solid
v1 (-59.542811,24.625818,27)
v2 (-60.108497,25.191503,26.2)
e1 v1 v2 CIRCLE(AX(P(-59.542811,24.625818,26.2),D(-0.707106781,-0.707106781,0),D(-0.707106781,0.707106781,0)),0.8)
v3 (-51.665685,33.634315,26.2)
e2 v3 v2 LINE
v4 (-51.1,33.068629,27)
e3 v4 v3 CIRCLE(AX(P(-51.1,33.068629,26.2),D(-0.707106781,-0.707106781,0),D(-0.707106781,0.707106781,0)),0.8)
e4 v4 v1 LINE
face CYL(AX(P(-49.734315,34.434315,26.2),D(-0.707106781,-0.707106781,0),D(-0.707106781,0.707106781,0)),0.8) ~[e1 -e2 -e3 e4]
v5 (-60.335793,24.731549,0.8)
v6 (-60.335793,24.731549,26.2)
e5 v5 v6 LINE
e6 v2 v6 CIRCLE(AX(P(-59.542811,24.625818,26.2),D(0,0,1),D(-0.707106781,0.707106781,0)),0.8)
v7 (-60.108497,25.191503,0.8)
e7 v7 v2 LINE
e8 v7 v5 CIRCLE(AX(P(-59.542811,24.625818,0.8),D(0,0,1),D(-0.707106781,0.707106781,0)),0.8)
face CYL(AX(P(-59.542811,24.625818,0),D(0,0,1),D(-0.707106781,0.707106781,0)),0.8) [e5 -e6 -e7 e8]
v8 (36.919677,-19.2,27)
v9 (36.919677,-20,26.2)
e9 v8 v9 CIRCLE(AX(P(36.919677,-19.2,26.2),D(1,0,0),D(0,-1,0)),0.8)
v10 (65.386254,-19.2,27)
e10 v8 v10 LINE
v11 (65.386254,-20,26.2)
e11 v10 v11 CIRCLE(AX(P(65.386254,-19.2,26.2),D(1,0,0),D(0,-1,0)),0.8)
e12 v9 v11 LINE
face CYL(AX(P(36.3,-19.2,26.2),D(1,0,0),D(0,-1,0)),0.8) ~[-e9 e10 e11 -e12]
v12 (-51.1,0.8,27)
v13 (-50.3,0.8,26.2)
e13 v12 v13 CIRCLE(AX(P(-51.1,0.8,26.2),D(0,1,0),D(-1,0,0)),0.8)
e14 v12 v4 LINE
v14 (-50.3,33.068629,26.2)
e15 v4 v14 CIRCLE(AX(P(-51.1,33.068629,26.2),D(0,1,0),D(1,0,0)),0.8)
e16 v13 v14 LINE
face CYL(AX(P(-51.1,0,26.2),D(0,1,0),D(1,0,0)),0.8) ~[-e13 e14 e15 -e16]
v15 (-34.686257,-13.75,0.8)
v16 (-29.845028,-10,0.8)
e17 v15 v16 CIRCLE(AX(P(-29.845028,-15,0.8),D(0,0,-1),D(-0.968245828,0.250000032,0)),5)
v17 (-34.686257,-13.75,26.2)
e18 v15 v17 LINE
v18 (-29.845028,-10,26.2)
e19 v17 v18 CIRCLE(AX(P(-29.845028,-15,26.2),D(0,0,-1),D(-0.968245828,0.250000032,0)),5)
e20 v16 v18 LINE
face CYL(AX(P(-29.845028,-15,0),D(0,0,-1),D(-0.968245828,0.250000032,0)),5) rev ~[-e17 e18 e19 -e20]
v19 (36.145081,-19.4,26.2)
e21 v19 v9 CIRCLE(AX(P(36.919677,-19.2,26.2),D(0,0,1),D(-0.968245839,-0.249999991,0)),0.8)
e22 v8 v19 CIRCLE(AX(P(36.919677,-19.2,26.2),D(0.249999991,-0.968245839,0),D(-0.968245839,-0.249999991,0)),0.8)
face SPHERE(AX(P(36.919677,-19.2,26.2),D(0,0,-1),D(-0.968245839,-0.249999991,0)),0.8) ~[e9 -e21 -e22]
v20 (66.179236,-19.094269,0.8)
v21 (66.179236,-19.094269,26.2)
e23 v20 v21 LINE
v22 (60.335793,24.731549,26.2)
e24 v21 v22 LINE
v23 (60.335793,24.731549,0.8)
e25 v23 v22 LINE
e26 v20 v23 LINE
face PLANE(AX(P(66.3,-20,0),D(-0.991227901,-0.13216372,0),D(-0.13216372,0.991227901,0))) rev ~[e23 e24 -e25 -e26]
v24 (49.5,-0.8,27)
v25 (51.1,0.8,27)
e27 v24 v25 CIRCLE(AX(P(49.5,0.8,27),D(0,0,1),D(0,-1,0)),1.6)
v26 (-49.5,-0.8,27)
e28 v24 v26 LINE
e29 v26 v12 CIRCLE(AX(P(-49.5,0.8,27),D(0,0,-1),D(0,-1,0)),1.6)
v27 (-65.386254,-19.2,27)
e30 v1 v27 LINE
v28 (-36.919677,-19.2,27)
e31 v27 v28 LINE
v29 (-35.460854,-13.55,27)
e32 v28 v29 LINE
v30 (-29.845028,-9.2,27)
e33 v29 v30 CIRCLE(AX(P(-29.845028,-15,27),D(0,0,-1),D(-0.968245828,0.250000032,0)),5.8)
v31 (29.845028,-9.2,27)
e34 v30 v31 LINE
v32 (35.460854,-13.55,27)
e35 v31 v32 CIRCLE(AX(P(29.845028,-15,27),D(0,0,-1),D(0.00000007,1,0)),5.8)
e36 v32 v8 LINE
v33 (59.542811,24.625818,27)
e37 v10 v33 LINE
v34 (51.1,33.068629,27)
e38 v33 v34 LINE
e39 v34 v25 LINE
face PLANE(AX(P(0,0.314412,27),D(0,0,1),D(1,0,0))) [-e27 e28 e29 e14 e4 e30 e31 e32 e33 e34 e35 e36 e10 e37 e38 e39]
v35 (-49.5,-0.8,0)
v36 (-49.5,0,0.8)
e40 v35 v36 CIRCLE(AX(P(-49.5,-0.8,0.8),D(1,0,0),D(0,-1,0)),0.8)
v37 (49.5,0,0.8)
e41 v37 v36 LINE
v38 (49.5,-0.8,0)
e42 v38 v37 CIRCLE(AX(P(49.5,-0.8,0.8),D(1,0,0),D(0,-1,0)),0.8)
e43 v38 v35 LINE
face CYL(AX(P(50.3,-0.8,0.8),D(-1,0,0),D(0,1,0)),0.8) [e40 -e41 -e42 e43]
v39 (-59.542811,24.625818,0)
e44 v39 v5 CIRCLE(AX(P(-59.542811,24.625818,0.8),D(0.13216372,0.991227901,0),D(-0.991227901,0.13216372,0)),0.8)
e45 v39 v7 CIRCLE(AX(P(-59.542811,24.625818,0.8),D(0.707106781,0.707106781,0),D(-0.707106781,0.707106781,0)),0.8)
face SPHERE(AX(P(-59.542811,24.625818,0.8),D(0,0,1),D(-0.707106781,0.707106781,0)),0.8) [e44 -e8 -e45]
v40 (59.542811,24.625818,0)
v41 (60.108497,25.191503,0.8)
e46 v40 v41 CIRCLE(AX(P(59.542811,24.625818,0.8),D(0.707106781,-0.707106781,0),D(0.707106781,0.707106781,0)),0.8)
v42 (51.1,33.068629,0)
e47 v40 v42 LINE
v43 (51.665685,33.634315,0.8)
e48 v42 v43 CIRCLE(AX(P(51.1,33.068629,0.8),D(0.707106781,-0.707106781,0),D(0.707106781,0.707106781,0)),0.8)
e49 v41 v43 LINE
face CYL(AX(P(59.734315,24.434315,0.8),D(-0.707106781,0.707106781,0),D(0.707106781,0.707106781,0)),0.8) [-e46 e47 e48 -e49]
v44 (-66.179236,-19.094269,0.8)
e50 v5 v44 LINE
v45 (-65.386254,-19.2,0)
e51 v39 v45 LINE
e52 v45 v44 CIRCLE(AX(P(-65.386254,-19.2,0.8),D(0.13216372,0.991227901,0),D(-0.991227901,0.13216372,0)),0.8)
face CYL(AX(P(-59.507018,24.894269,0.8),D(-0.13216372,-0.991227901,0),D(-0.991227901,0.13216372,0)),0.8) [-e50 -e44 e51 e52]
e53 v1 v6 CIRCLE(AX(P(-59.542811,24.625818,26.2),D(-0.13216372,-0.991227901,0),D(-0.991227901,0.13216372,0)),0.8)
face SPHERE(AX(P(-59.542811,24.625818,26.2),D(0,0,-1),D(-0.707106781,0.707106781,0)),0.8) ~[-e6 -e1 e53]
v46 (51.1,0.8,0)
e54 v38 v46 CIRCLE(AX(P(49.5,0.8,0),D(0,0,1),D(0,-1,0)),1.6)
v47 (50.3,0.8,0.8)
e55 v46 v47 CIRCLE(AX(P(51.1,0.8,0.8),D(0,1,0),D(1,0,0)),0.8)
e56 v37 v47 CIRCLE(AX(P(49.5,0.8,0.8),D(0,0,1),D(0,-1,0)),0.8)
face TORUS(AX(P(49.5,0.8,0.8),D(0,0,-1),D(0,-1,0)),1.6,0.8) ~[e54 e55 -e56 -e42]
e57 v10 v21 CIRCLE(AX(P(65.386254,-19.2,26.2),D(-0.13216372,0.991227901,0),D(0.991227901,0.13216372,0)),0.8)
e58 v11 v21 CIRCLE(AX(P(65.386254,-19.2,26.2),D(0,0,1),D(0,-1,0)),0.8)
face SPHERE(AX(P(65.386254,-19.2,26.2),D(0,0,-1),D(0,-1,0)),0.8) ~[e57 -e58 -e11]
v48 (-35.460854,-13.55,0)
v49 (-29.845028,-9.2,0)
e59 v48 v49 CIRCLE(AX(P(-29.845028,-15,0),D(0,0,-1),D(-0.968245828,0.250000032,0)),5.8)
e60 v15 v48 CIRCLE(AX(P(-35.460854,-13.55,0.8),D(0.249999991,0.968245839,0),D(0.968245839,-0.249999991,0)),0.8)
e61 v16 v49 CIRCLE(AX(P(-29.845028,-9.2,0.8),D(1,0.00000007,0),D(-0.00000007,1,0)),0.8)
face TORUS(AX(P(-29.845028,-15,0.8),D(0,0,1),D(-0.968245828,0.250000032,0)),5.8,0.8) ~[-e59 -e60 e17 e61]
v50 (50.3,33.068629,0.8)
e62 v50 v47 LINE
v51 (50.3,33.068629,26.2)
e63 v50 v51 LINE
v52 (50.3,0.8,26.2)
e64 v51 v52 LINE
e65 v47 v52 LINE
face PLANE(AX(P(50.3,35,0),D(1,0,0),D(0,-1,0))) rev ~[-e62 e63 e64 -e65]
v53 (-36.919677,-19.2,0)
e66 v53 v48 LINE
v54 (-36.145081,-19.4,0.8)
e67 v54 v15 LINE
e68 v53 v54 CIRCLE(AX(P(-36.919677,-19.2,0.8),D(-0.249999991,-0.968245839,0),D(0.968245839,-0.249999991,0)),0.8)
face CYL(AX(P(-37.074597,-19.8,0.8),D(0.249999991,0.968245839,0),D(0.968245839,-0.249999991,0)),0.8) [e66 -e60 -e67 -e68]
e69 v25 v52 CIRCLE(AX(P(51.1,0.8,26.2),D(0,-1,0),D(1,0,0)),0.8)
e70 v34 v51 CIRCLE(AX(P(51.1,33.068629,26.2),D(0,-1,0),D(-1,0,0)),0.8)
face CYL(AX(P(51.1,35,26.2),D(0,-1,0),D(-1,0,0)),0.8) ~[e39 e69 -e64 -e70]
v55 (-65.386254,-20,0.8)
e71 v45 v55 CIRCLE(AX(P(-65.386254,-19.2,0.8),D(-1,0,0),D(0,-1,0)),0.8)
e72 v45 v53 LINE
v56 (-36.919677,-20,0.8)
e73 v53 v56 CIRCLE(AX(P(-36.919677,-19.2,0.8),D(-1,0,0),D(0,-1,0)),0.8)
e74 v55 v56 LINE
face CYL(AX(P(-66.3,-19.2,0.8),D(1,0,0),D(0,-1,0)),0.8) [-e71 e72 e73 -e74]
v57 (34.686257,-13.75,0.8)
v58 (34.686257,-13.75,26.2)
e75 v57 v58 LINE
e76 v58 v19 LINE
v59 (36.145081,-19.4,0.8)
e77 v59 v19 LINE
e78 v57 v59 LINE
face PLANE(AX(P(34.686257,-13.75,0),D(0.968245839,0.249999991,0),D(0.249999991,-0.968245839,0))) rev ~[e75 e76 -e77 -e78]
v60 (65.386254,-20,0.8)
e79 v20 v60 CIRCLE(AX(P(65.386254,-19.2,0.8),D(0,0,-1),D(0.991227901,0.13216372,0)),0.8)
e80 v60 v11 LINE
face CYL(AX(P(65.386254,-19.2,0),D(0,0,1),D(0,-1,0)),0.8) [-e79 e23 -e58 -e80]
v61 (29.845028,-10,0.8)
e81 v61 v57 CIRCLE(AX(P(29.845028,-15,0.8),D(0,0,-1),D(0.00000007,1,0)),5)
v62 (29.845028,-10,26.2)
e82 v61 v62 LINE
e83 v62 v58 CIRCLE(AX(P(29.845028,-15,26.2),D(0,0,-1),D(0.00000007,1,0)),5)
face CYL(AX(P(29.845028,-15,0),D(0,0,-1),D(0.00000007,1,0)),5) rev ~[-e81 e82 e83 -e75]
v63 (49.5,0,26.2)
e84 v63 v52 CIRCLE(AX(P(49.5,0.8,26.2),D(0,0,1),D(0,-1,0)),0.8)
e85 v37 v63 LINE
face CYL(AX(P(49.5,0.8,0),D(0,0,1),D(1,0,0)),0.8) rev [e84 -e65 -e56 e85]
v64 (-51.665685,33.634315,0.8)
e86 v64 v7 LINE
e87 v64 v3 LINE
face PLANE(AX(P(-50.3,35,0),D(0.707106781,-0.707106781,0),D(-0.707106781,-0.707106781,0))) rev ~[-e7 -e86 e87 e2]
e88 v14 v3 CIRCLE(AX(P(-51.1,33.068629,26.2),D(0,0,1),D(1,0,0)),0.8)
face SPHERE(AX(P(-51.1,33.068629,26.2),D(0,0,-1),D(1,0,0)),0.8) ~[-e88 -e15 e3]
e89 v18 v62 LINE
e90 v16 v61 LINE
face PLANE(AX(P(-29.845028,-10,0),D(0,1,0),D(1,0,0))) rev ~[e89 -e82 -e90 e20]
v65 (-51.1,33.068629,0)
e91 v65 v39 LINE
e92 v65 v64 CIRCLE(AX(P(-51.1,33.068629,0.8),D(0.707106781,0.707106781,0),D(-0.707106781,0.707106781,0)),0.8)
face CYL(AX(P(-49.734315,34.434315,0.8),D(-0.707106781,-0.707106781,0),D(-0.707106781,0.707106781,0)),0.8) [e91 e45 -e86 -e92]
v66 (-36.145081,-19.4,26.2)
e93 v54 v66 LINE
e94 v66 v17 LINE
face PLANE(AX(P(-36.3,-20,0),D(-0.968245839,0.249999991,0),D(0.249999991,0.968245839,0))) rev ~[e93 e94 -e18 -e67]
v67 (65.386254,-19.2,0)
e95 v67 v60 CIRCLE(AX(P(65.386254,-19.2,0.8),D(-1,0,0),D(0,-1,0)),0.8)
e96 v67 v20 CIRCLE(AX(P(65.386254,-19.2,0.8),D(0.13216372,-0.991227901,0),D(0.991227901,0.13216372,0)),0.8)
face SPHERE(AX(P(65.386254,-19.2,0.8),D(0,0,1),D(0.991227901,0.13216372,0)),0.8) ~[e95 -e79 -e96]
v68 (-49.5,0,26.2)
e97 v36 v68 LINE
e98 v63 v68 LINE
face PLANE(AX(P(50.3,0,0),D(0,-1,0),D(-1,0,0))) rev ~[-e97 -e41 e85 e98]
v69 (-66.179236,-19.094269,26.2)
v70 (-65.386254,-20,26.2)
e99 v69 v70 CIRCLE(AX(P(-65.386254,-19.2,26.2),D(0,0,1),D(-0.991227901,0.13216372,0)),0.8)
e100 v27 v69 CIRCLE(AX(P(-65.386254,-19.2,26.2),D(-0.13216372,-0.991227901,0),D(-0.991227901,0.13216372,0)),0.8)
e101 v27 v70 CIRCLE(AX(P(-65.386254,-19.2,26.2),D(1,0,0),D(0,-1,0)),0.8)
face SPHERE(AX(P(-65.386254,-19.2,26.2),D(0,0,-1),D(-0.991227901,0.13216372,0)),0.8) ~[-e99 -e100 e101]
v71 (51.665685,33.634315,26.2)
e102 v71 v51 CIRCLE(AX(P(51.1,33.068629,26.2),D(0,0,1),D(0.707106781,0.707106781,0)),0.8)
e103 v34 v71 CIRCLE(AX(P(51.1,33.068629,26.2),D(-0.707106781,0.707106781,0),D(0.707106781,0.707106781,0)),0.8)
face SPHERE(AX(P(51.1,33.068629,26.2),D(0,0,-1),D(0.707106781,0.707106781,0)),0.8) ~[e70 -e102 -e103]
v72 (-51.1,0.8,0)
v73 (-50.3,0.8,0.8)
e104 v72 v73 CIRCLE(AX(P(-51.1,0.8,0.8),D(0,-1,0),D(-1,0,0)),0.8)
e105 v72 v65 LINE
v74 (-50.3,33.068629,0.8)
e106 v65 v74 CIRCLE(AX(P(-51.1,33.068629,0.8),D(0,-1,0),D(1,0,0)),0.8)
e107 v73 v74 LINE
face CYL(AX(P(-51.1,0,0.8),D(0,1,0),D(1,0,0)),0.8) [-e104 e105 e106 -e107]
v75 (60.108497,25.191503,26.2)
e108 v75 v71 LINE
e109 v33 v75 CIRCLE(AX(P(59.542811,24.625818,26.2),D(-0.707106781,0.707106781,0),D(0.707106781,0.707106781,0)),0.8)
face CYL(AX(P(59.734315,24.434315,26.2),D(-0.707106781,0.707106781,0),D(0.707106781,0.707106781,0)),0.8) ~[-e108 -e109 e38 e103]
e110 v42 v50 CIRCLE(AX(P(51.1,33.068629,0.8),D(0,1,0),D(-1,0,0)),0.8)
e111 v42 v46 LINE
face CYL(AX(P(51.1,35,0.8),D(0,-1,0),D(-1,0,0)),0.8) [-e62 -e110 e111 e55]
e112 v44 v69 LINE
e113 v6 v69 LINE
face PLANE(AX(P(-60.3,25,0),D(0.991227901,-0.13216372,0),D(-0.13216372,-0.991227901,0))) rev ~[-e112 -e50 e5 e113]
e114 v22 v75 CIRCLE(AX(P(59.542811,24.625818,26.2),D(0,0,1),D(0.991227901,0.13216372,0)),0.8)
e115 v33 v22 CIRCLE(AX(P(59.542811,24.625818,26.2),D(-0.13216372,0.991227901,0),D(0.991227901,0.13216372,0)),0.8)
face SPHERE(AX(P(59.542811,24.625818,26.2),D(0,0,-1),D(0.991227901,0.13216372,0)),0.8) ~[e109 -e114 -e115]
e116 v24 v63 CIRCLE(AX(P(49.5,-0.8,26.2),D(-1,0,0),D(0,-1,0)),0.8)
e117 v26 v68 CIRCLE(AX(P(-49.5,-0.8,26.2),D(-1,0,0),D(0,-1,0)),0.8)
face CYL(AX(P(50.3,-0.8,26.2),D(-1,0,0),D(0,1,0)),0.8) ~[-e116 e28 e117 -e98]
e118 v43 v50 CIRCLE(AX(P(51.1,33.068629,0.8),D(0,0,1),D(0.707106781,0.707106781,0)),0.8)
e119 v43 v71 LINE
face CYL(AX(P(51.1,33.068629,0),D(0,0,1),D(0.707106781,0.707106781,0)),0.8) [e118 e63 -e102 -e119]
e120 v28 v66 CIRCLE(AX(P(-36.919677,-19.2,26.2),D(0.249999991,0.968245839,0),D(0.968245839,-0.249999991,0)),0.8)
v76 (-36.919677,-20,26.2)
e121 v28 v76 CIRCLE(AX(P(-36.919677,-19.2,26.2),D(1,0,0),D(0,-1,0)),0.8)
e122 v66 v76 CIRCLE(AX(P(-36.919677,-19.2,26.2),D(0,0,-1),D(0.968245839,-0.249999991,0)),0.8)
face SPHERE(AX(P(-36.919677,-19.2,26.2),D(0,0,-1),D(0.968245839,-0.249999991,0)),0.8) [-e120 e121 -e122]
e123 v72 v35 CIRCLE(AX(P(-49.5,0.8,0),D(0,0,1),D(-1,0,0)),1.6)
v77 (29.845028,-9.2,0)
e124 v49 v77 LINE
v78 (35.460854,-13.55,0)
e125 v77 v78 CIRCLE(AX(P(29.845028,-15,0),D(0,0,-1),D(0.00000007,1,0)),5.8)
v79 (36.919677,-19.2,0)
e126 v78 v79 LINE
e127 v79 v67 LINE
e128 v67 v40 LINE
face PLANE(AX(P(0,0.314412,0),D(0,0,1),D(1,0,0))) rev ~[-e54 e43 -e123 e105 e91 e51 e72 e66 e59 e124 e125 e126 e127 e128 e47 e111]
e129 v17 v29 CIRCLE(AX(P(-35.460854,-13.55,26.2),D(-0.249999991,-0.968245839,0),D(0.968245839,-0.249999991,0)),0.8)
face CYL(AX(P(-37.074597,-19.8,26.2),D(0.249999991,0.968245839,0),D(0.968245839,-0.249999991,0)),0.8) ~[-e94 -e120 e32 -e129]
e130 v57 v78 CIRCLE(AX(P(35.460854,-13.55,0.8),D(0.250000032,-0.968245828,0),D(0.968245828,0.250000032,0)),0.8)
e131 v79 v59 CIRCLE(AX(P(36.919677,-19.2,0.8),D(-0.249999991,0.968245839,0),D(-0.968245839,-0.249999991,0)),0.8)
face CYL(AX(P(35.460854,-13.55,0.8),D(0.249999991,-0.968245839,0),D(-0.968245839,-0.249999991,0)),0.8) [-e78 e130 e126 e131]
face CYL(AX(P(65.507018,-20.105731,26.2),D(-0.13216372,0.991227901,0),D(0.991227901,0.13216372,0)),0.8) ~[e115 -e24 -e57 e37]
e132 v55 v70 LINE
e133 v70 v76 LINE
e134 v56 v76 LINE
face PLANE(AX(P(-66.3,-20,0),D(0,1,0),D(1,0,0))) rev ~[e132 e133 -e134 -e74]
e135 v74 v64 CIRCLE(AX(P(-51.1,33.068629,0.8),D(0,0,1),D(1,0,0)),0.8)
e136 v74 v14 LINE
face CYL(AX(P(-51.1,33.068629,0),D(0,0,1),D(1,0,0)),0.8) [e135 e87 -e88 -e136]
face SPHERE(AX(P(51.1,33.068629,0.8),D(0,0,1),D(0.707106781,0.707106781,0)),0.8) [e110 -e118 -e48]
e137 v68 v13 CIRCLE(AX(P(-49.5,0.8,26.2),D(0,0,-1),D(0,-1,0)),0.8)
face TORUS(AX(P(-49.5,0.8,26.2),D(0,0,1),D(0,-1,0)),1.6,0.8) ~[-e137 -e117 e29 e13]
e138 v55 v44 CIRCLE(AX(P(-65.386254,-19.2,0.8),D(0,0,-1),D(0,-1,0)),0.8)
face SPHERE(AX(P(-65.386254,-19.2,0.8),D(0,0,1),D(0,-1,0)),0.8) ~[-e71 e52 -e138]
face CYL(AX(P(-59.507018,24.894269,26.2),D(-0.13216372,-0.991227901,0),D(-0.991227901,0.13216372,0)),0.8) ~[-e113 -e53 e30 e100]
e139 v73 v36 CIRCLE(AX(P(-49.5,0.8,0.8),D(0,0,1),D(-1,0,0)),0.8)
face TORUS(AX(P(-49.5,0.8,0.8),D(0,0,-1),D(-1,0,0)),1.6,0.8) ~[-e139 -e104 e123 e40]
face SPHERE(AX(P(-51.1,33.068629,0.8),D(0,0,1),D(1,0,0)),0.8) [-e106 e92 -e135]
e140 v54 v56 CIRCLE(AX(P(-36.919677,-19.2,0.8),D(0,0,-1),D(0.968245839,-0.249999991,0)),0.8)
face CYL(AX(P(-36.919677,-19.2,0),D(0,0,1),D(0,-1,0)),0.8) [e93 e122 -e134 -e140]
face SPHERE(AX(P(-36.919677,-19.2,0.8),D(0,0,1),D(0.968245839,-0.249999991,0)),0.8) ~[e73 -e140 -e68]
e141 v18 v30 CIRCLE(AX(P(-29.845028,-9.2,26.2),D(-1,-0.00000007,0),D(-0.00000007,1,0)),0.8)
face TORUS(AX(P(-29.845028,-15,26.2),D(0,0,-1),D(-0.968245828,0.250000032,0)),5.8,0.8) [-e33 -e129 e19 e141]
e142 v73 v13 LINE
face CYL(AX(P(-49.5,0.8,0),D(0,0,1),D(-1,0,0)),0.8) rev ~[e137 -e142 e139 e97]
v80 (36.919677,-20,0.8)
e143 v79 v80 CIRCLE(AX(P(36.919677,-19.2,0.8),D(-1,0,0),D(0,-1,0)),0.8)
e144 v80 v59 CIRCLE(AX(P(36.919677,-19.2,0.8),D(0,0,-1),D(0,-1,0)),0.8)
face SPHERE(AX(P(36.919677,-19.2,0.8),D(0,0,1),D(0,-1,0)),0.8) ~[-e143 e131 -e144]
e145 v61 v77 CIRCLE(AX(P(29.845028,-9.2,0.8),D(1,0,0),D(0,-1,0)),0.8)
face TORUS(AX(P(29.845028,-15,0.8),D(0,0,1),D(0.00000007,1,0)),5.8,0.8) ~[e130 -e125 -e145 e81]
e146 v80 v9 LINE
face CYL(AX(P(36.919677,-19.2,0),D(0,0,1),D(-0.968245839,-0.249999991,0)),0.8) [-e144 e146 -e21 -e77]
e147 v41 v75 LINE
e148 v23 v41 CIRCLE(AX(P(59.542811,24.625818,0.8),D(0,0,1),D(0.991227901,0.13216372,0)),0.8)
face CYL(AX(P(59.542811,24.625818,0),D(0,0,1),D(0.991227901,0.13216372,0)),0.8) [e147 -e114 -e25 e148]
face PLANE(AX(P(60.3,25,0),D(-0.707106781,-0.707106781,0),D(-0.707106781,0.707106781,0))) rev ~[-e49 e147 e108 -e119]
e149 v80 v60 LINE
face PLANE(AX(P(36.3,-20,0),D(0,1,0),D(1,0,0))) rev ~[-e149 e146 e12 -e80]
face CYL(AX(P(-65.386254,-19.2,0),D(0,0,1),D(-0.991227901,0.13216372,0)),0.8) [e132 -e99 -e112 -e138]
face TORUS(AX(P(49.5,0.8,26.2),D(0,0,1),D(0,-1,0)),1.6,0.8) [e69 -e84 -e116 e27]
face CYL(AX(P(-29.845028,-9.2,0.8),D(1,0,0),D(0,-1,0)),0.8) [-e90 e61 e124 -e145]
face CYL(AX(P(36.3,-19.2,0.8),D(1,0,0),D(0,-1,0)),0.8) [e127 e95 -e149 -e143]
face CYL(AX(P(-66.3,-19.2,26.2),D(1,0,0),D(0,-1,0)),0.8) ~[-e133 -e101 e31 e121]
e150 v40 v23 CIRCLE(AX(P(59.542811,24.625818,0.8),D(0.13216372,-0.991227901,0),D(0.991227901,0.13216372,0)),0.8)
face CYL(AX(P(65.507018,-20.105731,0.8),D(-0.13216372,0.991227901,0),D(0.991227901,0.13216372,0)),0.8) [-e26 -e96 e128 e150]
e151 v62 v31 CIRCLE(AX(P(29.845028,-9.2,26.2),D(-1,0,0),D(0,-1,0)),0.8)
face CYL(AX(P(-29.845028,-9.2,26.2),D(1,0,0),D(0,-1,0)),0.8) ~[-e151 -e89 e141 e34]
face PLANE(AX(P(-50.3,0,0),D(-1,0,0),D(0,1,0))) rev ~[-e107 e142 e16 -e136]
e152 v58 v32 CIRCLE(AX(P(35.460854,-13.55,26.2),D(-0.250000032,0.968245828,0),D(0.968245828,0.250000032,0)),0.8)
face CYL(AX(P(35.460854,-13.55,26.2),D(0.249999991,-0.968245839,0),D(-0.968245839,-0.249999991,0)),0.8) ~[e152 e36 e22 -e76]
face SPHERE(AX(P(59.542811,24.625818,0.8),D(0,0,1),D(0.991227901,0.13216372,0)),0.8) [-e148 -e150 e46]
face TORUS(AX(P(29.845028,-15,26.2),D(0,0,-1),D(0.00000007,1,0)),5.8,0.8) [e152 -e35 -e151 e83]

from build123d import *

# Parameters (mm, degrees)
F1_DEPTH = 27
F2_R     = 0.8


with BuildPart() as f1:
    # F0 (on Top) → F1 (new body)
    with BuildSketch(Plane.XY):
        with BuildLine():
            Line((-50.3, 0), (-50.3, 35))
            Line((-50.3, 35), (-60.3, 25))
            Line((-60.3, 25), (-66.3, -20))
            Line((-66.3, -20), (-36.3, -20))
            Line((-36.3, -20), (-34.686257, -13.75))
            ThreePointArc((-34.686257, -13.75), (-32.90689, -11.047153), (-29.845028, -10))
            Line((-29.845028, -10), (29.845028, -10))
            ThreePointArc((29.845028, -10), (32.90689, -11.047153), (34.686257, -13.75))
            Line((34.686257, -13.75), (36.3, -20))
            Line((36.3, -20), (66.3, -20))
            Line((66.3, -20), (60.3, 25))
            Line((60.3, 25), (50.3, 35))
            Line((50.3, 35), (50.3, 0))
            Line((50.3, 0), (-50.3, 0))
        make_face()
    extrude(amount=F1_DEPTH)

    # F2
    f2_edges = [f1.edges().sort_by_distance(p)[0] for p in [
        (0, -10, 27),
        (35.493128, -16.875, 27),
        (32.90689, -11.047153, 27),
        (51.3, -20, 27),
        (63.3, 2.5, 27),
        (0, 0, 27),
        (-50.3, 17.5, 27),
        (-55.3, 30, 27),
        (-63.3, 2.5, 27),
        (-51.3, -20, 27),
        (-35.493128, -16.875, 27),
        (-32.90689, -11.047153, 27),
        (55.3, 30, 27),
        (50.3, 17.5, 27),
        (66.3, -20, 13.5),
        (60.3, 25, 13.5),
        (63.3, 2.5, 0),
        (36.3, -20, 13.5),
        (51.3, -20, 0),
        (-36.3, -20, 13.5),
        (-34.686257, -13.75, 13.5),
        (-35.493128, -16.875, 0),
        (-66.3, -20, 13.5),
        (-51.3, -20, 0),
        (-29.845028, -10, 13.5),
        (29.845028, -10, 13.5),
        (0, -10, 0),
        (-50.3, 0, 13.5),
        (-50.3, 35, 13.5),
        (-50.3, 17.5, 0),
        (50.3, 35, 13.5),
        (55.3, 30, 0),
        (0, 0, 0),
        (-55.3, 30, 0),
        (-63.3, 2.5, 0),
        (-32.90689, -11.047153, 0),
        (32.90689, -11.047153, 0),
        (35.493128, -16.875, 0),
        (50.3, 17.5, 0),
        (50.3, 0, 13.5),
        (-60.3, 25, 13.5),
    ]]
    fillet(f2_edges, radius=F2_R)


solid = f1.part
